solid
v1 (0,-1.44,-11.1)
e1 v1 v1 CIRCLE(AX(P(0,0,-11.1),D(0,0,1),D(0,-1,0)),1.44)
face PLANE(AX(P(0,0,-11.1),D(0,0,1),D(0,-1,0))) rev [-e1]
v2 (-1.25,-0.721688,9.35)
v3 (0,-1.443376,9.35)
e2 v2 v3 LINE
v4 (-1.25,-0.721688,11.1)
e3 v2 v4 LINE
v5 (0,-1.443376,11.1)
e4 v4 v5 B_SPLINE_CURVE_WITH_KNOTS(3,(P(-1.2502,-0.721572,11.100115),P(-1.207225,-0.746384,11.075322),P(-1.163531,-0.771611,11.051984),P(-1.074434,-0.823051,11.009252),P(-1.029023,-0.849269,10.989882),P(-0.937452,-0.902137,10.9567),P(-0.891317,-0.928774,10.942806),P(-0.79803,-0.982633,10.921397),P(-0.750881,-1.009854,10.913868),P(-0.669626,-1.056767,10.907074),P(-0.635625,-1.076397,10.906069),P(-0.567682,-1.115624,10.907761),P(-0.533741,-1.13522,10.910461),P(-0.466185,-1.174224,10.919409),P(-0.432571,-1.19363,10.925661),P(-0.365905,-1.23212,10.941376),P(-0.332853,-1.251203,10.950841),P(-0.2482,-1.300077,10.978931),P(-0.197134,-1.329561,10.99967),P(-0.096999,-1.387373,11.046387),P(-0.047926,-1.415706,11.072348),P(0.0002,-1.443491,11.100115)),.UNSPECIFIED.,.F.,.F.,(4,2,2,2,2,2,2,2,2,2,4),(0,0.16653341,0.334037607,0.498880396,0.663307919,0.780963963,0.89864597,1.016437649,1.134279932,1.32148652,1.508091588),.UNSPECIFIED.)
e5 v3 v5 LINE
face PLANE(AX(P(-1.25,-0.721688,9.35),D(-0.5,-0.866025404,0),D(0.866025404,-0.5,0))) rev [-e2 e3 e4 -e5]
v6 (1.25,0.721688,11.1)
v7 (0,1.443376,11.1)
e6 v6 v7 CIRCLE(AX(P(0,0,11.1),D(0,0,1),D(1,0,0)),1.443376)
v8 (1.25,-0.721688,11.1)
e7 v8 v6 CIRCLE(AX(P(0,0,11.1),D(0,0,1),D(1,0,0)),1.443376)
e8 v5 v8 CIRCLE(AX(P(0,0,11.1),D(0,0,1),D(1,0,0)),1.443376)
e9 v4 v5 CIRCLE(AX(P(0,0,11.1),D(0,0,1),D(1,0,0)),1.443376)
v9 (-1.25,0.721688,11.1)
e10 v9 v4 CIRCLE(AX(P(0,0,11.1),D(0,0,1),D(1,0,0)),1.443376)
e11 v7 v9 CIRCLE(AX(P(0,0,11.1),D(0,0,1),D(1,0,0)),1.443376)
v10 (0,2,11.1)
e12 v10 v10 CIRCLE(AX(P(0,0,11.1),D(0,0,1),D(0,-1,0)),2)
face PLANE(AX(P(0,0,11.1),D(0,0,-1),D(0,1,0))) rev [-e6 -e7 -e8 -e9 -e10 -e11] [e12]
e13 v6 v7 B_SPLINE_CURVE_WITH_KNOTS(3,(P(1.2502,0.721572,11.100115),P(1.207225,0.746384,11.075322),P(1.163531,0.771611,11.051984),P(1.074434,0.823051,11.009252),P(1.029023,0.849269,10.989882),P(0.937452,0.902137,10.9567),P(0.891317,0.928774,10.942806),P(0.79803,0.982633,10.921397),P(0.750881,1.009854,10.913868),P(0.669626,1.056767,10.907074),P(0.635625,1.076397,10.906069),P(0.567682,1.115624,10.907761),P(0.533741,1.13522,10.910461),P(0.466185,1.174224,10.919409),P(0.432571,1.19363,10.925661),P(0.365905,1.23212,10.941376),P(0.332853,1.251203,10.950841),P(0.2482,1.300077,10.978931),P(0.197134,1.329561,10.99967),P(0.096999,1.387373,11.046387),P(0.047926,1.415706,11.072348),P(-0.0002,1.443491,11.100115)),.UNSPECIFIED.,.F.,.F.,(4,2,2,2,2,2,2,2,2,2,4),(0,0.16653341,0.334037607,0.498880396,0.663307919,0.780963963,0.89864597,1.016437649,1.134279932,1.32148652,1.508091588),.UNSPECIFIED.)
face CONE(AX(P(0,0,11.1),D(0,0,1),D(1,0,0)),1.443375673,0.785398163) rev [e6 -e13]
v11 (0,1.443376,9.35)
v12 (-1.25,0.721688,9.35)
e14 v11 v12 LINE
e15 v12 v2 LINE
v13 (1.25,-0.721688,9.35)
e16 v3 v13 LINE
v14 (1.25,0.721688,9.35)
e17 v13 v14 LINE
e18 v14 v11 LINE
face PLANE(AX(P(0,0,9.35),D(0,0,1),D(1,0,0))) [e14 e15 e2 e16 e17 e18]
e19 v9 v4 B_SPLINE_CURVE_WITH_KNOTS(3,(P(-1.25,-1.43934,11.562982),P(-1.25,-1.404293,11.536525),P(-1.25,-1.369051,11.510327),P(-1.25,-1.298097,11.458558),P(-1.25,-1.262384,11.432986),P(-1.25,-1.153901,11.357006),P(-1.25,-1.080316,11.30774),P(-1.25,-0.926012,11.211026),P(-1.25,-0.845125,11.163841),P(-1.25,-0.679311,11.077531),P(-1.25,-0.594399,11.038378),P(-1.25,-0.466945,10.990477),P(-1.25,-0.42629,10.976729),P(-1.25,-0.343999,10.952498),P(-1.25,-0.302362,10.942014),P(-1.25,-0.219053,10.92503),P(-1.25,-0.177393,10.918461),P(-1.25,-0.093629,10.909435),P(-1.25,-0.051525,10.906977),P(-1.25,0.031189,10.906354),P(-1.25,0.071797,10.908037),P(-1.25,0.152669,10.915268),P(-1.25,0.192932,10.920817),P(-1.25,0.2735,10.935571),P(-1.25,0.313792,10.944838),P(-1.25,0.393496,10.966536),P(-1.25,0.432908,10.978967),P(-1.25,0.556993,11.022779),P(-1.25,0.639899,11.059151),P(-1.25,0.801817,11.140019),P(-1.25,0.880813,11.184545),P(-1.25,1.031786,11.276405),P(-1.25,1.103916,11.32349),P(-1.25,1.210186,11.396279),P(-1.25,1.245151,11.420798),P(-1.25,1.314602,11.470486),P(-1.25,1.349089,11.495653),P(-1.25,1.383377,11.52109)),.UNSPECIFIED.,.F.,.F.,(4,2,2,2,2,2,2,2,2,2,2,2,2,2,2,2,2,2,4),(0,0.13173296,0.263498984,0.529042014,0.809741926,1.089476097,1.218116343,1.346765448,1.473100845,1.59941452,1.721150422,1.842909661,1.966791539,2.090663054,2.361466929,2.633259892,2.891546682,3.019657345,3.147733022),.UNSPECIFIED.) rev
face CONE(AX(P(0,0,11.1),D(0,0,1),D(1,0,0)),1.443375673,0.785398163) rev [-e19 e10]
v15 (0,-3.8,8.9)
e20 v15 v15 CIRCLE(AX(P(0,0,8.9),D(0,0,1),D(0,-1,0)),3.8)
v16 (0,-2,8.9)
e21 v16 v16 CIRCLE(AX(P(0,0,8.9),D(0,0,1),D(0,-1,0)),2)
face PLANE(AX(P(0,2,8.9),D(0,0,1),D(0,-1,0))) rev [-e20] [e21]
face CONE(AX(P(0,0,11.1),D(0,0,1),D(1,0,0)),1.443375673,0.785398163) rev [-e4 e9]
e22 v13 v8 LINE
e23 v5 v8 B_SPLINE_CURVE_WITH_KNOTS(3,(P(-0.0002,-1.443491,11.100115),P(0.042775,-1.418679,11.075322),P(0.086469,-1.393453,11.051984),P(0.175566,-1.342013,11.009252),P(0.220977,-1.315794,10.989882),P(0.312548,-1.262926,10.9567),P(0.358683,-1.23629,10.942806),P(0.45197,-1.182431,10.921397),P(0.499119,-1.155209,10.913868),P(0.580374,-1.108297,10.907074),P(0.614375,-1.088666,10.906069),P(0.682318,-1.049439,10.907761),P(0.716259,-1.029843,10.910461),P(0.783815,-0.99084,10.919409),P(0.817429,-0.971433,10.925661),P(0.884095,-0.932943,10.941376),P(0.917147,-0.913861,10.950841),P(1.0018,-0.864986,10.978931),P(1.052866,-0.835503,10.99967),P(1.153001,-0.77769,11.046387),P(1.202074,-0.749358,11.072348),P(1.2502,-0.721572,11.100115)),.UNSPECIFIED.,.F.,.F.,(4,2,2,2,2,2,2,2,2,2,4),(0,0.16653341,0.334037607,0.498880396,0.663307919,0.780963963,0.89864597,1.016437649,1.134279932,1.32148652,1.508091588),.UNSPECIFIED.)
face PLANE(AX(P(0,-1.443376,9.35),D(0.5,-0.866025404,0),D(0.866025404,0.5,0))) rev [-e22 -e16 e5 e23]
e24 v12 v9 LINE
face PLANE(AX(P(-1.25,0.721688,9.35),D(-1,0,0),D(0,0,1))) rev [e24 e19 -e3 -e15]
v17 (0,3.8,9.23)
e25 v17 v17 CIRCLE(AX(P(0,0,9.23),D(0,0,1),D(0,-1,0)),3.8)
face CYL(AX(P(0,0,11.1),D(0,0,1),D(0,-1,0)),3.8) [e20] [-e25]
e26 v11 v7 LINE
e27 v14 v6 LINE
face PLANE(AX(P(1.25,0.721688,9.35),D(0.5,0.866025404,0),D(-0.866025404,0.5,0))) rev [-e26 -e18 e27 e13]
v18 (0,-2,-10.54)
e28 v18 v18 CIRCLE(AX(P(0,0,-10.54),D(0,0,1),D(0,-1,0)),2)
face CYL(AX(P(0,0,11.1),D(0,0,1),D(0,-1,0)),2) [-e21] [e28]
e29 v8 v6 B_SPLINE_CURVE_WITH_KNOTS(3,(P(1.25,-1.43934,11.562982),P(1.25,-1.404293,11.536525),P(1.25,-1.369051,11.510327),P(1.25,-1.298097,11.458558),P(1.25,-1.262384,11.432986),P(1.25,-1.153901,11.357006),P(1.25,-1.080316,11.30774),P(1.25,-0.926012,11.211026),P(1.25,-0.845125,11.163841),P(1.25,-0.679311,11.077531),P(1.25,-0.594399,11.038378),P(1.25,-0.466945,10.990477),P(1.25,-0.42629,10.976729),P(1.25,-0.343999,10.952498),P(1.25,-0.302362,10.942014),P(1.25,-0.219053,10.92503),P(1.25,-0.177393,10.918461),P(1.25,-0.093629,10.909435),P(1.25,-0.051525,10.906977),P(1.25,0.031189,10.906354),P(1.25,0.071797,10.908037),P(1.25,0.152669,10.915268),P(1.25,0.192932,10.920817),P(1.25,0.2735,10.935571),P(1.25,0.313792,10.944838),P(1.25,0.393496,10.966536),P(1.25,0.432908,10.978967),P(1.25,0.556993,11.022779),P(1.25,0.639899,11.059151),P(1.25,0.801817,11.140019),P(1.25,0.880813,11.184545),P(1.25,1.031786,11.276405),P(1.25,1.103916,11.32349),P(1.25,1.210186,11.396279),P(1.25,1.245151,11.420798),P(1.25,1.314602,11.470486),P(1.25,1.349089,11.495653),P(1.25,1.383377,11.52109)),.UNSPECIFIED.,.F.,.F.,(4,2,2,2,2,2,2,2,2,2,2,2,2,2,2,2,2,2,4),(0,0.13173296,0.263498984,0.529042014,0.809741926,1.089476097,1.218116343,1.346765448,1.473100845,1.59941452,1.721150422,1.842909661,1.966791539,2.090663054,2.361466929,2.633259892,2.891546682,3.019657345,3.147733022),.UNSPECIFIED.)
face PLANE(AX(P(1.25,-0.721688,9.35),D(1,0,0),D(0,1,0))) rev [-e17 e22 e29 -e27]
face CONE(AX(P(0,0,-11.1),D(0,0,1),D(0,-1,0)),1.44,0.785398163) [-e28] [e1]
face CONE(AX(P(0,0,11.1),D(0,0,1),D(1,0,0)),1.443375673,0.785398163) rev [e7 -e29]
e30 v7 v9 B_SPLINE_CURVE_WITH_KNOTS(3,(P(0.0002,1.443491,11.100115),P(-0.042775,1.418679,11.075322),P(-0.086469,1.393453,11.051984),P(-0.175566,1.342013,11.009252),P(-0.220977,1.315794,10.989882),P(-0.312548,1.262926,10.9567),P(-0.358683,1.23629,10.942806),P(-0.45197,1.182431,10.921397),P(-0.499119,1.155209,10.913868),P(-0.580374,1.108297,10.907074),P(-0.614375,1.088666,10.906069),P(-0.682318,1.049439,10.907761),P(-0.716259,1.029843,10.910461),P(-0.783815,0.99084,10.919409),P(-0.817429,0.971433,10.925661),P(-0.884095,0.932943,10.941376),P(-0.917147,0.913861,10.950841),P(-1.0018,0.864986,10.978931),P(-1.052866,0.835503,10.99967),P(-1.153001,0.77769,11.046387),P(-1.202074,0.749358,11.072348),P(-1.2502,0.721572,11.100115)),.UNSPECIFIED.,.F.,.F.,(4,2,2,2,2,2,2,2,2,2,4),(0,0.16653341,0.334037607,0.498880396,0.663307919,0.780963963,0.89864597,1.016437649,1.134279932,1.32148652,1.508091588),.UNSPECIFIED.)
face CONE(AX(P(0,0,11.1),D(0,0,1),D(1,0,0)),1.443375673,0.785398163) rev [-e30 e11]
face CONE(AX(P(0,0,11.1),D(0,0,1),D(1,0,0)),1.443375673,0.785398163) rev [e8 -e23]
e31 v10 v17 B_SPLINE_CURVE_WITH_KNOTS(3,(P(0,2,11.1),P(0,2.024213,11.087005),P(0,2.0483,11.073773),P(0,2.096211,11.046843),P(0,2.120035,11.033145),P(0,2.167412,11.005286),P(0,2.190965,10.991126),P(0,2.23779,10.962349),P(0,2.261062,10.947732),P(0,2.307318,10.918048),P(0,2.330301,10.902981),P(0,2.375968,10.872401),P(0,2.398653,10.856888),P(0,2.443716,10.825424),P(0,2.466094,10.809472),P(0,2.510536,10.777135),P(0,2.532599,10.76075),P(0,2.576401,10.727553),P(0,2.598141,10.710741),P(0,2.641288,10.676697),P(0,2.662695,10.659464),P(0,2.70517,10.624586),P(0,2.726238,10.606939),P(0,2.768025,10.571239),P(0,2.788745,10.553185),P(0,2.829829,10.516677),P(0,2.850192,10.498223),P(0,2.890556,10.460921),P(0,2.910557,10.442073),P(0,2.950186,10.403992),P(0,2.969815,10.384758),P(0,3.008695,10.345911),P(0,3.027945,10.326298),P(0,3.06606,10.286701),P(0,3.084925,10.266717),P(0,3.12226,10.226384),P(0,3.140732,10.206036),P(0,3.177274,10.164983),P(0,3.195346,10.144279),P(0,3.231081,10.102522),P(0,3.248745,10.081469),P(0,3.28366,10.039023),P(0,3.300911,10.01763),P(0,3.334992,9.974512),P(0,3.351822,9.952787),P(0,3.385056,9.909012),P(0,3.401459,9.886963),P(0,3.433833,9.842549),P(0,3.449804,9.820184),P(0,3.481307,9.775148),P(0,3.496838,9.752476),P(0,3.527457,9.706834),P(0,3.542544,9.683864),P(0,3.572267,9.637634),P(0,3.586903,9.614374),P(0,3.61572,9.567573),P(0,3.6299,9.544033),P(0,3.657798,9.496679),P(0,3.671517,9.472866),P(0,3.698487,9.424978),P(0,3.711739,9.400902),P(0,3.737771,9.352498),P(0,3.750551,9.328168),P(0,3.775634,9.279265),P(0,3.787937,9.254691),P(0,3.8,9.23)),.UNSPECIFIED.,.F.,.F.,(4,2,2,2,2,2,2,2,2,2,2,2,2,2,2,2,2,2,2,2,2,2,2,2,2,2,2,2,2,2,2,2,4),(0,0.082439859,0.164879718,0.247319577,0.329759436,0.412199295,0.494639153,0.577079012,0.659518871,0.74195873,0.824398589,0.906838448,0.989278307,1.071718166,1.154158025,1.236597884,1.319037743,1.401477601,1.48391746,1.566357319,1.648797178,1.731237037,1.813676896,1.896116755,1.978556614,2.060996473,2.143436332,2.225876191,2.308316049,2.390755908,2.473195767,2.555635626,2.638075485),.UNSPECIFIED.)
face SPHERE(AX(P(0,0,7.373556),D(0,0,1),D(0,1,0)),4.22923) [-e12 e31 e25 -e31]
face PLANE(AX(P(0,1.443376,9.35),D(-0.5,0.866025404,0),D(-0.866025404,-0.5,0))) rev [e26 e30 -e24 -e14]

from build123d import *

# Parameters (mm, degrees)
CUT_EXTRUDE1_DEPTH = 1.75


with BuildPart() as part:
    # Sketch2 → Revolve1 (revolve)
    with BuildSketch(Plane(origin=(0, 0, 0), x_dir=(0, 0, -1), z_dir=(1, 0, 0)), mode=Mode.PRIVATE) as revolve1_sk:
        with BuildLine():
            Line((-11.1, 0), (11.1, 0))
            Line((11.1, 0), (11.1, 1.44))
            Line((11.1, 1.44), (10.54, 2))
            Line((10.54, 2), (-8.9, 2))
            Line((-8.9, 2), (-8.9, 3.8))
            Line((-8.9, 3.8), (-9.23, 3.8))
            ThreePointArc((-9.23, 3.8), (-10.306499853, 3.047002626), (-11.1, 2))
            Line((-11.1, 2), (-11.1, 0))
        make_face()
    revolve(revolve1_sk.sketch.rotate(Axis((0, 0, 11.1), (0, 0, -1)), 180), axis=Axis((0, 0, 11.1), (0, 0, -1)))

    # Sketch3 → Cut-Extrude1 (cut)
    with BuildSketch(Plane.XY.offset(11.1)):
        Polygon((0, 1.443375673), (-1.25, 0.721687836), (-1.25, -0.721687836), (0, -1.443375673), (1.25, -0.721687836), (1.25, 0.721687836), align=None)
    extrude(amount=-CUT_EXTRUDE1_DEPTH, mode=Mode.SUBTRACT)

    # Cut-Extrude2 cone 1 section (through the dimple's axis) → Cut-Extrude2 (revolve, cut)
    with BuildSketch(Plane(origin=(0, 0, 11.1), x_dir=(0, -1, 0), z_dir=(1, 0, 0))):
        Polygon((0, 0), (1.443375673, 0), (0, 1.443375673), align=None)
    revolve(axis=Axis((0, 0, 11.1), (0, 0, -1)), mode=Mode.SUBTRACT)


solid = part.part
